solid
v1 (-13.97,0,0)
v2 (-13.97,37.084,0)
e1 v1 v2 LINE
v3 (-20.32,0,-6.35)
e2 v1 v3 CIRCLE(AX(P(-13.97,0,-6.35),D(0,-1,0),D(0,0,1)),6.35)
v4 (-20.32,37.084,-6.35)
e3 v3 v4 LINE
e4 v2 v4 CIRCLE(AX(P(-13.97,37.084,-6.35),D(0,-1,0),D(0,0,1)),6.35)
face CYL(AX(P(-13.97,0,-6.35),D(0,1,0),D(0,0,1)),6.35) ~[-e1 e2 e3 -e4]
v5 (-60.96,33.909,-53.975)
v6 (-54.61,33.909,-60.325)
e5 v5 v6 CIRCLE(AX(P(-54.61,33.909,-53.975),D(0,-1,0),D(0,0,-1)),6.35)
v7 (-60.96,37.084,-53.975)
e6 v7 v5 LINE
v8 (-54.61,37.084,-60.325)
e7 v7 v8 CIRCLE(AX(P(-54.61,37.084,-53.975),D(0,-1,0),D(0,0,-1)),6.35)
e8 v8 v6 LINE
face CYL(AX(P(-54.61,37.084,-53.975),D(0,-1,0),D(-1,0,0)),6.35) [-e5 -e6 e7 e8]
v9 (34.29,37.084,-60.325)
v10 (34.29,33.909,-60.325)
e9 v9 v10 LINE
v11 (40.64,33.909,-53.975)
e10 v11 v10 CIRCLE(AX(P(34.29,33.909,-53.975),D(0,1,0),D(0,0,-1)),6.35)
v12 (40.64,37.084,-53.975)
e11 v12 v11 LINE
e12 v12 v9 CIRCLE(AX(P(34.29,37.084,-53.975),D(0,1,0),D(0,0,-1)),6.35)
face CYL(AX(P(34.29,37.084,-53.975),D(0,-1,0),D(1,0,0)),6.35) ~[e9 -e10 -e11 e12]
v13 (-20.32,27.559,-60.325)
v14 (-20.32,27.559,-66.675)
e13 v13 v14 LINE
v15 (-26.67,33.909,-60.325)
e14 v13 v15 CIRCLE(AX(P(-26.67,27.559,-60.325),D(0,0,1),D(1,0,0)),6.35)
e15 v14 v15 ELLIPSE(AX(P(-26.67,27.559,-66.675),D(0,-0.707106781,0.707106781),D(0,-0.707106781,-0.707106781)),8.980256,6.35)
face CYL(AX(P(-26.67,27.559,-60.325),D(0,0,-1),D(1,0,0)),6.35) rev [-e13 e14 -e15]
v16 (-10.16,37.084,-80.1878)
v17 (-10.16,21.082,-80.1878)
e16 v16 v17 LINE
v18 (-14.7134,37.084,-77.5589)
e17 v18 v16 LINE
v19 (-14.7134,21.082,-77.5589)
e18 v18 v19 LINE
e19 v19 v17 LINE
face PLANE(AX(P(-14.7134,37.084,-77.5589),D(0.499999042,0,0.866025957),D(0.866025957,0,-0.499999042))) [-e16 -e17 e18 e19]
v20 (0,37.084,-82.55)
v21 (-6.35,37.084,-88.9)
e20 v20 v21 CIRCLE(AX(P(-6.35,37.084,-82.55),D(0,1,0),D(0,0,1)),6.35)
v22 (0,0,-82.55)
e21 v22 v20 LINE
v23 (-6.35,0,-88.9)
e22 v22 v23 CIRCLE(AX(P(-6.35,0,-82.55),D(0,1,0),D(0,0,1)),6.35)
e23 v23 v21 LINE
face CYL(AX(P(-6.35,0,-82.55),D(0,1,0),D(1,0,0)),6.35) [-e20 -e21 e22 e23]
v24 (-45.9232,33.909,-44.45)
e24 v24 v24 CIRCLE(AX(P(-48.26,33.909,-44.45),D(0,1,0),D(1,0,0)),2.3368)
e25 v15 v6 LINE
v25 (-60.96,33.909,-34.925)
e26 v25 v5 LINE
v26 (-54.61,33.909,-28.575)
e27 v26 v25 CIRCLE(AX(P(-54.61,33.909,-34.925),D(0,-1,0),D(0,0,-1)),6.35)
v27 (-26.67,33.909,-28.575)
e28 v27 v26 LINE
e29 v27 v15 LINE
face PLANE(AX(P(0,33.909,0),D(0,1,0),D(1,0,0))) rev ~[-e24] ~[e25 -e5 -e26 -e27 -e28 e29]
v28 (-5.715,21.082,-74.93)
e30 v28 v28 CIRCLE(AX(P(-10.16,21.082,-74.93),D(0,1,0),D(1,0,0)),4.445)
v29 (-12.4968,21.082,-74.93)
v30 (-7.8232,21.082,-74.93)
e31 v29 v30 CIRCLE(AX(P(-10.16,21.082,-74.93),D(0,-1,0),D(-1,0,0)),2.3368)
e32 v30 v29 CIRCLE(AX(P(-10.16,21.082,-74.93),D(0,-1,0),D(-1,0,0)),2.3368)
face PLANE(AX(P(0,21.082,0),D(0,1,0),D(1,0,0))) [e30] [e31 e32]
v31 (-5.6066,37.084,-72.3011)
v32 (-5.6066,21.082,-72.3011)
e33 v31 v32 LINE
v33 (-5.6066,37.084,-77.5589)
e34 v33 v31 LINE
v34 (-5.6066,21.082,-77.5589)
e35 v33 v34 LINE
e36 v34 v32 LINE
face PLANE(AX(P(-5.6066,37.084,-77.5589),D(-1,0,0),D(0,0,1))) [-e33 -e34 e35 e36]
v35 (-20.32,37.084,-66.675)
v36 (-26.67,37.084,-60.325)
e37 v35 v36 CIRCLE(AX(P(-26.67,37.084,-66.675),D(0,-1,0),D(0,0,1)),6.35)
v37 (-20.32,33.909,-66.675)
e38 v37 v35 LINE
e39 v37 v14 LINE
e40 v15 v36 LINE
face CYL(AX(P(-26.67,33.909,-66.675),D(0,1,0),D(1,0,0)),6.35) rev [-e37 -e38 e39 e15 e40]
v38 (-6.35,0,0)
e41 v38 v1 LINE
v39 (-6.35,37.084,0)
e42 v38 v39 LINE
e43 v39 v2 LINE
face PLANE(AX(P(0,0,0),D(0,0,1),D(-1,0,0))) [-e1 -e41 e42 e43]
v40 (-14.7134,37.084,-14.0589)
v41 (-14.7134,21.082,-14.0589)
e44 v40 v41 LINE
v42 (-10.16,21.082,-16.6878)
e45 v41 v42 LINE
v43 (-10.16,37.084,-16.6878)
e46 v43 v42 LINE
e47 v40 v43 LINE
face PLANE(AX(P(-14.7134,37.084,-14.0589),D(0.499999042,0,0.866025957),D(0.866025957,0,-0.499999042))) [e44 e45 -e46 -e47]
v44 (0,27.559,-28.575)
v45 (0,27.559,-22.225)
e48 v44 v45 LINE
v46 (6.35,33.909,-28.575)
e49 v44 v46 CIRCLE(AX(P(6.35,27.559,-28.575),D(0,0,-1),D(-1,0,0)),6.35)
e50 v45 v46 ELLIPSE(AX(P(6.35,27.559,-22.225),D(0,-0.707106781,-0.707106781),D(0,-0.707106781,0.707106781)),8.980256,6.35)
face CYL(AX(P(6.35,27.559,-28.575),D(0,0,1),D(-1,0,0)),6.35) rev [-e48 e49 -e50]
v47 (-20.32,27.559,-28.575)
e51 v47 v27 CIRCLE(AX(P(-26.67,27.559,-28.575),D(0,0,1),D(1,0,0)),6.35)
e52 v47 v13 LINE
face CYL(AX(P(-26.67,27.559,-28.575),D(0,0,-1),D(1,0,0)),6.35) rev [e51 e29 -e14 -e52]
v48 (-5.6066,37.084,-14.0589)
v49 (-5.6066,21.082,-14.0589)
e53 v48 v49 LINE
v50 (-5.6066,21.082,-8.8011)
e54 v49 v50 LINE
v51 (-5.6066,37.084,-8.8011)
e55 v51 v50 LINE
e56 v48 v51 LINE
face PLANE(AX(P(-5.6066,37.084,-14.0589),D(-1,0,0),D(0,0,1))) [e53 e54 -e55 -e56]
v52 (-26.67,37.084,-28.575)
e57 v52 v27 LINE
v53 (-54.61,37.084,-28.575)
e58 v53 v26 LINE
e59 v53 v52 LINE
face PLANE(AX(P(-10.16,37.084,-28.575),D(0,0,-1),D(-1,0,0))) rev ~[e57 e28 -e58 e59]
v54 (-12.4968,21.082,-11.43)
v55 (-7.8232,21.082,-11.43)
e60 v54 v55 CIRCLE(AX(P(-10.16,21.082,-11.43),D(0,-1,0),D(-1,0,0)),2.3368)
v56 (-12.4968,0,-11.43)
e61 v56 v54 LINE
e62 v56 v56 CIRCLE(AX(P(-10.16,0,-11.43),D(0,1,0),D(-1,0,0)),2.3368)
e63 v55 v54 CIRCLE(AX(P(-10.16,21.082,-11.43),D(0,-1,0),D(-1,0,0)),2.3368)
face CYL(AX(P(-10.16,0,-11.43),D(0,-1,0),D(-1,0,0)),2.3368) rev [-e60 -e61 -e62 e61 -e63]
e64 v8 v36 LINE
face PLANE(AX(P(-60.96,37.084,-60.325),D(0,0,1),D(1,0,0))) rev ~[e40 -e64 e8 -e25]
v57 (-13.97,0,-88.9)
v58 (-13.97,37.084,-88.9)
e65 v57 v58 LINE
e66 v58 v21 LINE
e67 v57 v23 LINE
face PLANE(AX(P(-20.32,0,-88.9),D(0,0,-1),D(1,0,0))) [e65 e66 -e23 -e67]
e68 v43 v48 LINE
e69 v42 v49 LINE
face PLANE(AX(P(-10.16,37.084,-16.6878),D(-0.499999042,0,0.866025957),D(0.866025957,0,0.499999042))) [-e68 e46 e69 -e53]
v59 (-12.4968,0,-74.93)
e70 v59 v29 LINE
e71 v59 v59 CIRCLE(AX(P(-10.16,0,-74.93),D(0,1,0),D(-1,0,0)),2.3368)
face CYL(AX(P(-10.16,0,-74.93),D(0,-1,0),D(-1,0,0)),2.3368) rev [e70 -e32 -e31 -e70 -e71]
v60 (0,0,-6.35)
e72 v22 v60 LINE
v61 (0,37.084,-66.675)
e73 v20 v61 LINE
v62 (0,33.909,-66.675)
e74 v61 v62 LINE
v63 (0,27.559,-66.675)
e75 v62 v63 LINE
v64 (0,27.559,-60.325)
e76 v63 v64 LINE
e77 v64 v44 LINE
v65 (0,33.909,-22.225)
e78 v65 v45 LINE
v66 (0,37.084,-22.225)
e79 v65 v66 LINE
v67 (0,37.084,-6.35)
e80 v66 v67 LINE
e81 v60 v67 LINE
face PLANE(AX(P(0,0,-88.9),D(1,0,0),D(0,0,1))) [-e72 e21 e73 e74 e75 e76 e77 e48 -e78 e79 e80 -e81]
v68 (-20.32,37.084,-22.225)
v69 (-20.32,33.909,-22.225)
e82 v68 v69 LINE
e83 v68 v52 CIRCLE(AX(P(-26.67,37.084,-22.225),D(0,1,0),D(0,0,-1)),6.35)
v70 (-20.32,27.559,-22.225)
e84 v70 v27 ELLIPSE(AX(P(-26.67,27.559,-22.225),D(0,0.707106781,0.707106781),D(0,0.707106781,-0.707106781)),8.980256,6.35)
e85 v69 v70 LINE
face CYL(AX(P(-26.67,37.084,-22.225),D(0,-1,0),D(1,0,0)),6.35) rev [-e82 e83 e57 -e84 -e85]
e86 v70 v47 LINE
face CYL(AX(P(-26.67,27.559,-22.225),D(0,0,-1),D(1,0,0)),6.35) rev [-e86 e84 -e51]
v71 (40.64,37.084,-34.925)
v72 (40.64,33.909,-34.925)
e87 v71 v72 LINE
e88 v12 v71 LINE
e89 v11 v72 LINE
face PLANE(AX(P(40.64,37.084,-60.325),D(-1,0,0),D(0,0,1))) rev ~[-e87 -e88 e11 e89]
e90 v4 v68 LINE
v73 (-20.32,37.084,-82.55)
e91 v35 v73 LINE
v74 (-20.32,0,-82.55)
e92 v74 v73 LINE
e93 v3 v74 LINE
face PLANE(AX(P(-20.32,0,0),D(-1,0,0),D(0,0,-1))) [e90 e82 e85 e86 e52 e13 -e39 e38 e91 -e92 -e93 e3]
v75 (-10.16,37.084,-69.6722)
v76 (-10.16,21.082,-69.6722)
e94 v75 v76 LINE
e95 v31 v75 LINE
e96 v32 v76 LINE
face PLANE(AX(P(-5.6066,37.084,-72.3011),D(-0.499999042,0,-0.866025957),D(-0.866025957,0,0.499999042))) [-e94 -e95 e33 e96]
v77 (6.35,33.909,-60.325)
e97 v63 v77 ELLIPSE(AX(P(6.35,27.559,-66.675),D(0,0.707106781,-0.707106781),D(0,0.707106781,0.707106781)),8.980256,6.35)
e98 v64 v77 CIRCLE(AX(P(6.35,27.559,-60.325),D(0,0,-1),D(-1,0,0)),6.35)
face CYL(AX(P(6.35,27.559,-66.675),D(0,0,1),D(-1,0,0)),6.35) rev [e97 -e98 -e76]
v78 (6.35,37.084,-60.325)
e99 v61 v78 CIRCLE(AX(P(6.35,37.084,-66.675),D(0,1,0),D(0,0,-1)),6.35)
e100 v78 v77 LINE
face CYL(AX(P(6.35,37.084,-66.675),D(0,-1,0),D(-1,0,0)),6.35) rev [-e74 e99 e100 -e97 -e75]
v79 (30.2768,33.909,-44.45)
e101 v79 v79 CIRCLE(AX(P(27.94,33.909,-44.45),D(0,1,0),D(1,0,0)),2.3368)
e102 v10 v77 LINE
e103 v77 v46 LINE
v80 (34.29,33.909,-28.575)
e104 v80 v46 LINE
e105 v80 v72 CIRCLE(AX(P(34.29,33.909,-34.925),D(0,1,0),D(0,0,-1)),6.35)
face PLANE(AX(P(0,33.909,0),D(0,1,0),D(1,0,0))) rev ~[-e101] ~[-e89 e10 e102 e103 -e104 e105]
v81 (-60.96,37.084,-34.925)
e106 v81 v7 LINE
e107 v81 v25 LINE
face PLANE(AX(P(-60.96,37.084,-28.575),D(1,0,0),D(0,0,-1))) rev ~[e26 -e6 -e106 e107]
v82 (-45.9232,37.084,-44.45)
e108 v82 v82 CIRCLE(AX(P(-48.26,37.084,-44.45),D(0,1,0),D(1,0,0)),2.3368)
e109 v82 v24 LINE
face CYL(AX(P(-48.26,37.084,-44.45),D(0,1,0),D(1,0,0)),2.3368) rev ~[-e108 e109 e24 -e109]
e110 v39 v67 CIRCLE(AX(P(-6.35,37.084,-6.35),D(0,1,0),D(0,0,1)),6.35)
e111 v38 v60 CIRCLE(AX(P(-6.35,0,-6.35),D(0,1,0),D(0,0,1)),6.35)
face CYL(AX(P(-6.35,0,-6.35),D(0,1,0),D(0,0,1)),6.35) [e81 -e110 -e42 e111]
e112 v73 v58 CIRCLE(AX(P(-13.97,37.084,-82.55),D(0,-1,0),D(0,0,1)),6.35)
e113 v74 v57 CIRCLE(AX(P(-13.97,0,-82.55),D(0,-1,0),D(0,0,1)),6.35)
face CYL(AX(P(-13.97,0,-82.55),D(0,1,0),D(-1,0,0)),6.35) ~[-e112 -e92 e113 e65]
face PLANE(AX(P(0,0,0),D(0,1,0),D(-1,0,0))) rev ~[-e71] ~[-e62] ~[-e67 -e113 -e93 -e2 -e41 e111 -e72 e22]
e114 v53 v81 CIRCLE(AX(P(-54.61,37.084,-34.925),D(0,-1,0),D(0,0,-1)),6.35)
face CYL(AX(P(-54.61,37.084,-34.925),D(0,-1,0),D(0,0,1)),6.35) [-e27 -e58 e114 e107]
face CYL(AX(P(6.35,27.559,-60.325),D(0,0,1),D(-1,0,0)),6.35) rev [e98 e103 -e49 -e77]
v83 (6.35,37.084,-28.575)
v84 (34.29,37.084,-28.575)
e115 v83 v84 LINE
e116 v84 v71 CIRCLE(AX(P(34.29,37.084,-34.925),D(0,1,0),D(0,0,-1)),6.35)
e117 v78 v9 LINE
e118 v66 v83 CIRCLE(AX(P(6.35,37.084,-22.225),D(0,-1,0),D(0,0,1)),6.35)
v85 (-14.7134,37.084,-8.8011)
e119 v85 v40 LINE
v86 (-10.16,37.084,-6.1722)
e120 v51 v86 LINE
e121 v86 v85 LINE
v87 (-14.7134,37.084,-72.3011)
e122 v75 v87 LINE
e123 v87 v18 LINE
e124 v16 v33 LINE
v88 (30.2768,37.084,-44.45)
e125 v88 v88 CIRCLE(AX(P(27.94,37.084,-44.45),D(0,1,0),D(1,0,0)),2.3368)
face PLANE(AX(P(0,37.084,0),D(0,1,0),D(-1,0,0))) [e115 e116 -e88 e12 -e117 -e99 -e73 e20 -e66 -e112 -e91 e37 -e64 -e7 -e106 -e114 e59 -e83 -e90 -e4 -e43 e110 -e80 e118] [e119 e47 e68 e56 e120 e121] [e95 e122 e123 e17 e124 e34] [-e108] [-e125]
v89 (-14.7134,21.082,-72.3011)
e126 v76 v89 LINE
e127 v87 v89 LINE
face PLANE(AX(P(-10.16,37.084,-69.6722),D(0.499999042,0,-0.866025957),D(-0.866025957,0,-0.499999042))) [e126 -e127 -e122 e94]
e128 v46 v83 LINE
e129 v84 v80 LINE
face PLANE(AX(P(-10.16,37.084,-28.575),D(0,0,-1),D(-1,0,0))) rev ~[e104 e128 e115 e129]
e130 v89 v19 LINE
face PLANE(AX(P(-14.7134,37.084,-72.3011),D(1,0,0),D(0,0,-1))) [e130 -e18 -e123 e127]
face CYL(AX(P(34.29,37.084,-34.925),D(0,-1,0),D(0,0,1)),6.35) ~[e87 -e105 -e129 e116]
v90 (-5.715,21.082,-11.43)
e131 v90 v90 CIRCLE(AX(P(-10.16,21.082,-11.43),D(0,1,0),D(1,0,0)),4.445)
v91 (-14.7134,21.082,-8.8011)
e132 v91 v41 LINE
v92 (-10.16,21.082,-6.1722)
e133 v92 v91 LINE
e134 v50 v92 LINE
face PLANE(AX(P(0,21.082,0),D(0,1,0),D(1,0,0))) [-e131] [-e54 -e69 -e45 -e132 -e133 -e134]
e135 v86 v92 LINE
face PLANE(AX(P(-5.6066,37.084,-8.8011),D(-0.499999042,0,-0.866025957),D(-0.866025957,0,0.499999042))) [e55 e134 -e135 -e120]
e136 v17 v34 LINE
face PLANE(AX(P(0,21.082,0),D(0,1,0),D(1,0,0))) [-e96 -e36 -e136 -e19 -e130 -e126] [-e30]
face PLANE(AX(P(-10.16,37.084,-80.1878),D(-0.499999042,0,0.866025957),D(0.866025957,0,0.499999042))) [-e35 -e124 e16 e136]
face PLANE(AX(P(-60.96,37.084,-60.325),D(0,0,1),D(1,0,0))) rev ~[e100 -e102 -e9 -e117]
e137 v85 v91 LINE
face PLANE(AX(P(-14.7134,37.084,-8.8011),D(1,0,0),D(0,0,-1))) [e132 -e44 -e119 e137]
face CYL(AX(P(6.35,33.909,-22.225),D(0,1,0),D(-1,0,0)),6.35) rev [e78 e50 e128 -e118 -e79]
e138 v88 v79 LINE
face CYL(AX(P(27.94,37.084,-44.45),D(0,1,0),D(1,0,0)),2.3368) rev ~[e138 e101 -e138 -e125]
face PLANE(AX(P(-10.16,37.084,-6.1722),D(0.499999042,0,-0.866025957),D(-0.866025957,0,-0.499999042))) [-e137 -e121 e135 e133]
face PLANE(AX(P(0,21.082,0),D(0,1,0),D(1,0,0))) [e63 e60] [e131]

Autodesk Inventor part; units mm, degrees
ref_plane "YZ Plane" through (0, 0, 0) normal (1, 0, 0) x (0, 1, 0)
ref_plane "XZ Plane" through (0, 0, 0) normal (0, 1, 0) x (-1, 0, 0)
ref_plane "XY Plane" through (0, 0, 0) normal (0, 0, 1) x (1, 0, 0)
sketch "Sketch1" plane through (0, 0, 0) normal (0, 1, 0) x (-1, 0, 0)
  line L0 (0, 0) -> (20.32, 0)
  line L1 (20.32, 0) -> (20.32, -88.9)
  line L2 (20.32, -88.9) -> (0, -88.9)
  line L3 (0, -88.9) -> (0, 0)
  line L4 (10.16, -88.9) -> (10.16, -74.93) construction
  circle A0 centre (10.16, -74.93) radius 2.3368
  circle A1 centre (10.16, -11.43) radius 2.3368
  dimension "d0" = 20.32
  dimension "d1" = 88.9
  dimension "d2" = 13.97
  dimension "d3" = 4.6736
  dimension "d4" = 63.5
extrude "Extrusion1" add sketch "Sketch1" along normal blind 37.084
sketch "Sketch2" plane through (0, 37.084, 0) normal (0, 1, 0) x (1, 0, 0)
  line L0 (-60.96, 60.325) -> (40.64, 60.325)
  line L1 (40.64, 60.325) -> (40.64, 28.575)
  line L2 (40.64, 28.575) -> (-60.96, 28.575)
  line L3 (-60.96, 28.575) -> (-60.96, 60.325)
  line L4 (0, 88.9) -> (-20.32, 88.9) projected
  line L5 (-10.16, 60.325) -> (-10.16, 28.575)
  line L6 (-60.96, 44.45) -> (40.64, 44.45) construction
  circle A0 centre (-48.26, 44.45) radius 2.3368
  circle A1 centre (27.94, 44.45) radius 2.3368
  circle A2 centre (-10.16, 74.93) radius 2.3368 projected
  line L7 (-10.16, 88.9) -> (-10.16, 44.45)
  point P0 (0, 0)
  point P1 (-12.351, 76.2)
  point P2 (-15.843, 76.2)
  dimension "d8" = 31.75
  dimension "d9" = 101.6
  dimension "d11" = 4.6736
  dimension "d17" = 44.45
  dimension "d18" = 38.1
  dimension "d19" = 38.1
extrude "Extrusion2" add sketch "Sketch2" against normal blind 3.175 contours L0 L5 L2 L3 | L0 L1 L2 L5
sketch "Sketch3" plane through (0, 37.084, 0) normal (0, 1, 0) x (1, 0, 0)
  circle A0 centre (-10.16, 11.43) radius 2.3368 projected
  circle A1 centre (-10.16, 11.43) radius 4.445
  circle A2 centre (-10.16, 74.93) radius 2.3368 projected
  circle A3 centre (-10.16, 74.93) radius 4.445
  point P0 (0, 0)
  dimension "d20" = 8.89
extrude "Extrusion3" cut sketch "Sketch3" against normal blind 16.002 contours A0 | A1 | A2 | A3
fillet "Fillet1" radius 6.35 4 edges at (-20.32, 18.542, -88.9) (0, 18.542, -88.9) (-20.32, 18.542, 0) (0, 18.542, 0)
fillet "Fillet2" radius 6.35 8 edges at (-60.96, 35.4965, -60.325) (-60.96, 35.4965, -28.575) (-20.32, 35.4965, -28.575) (0, 35.4965, -28.575) (40.64, 35.4965, -28.575) (40.64, 35.4965, -60.325) (0, 35.4965, -60.325) (-20.32, 35.4965, -60.325)
fillet "Fillet3" radius 6.35 2 edges at (-20.32, 33.909, -44.45) (0, 33.909, -44.45)
sketch "Sketch4" plane through (0, 37.084, 0) normal (0, 1, 0) x (1, 0, 0)
  line L0 (-6.35, 88.9) -> (-13.97, 88.9) projected
  line L1 (-10.16, 88.9) -> (-10.16, 0)
  line L2 (-13.97, 0) -> (-6.35, 0) projected
  circle A0 centre (-10.16, 74.93) radius 2.3368 projected
  line L3 (-10.16, 80.1878) -> (-5.6066, 77.5589)
  line L4 (-5.6066, 77.5589) -> (-5.6066, 72.3011)
  line L5 (-5.6066, 72.3011) -> (-10.16, 69.6722)
  line L6 (-10.16, 69.6722) -> (-14.7134, 72.3011)
  line L7 (-14.7134, 72.3011) -> (-14.7134, 77.5589)
  line L8 (-14.7134, 77.5589) -> (-10.16, 80.1878)
  circle A1 centre (-10.16, 11.43) radius 2.3368 projected
  line L9 (-10.16, 16.6878) -> (-5.6066, 14.0589)
  line L10 (-5.6066, 14.0589) -> (-5.6066, 8.8011)
  line L11 (-5.6066, 8.8011) -> (-10.16, 6.1722)
  line L12 (-10.16, 6.1722) -> (-14.7134, 8.8011)
  line L13 (-14.7134, 8.8011) -> (-14.7134, 14.0589)
  line L14 (-14.7134, 14.0589) -> (-10.16, 16.6878)
  point P0 (0, 0)
  dimension "d26" = 5.2578
  dimension "d27" = 5.2578
extrude "Extrusion4" cut sketch "Sketch4" against normal up to surface (16.002 mm away) contours L9 L10 L11 L1 A1 | L1 A1 L12 L13 L14 | L6 L7 L8 L1 A0 | L1 A0 L3 L4 L5
properties part number "BRAIN_MOUNT"
